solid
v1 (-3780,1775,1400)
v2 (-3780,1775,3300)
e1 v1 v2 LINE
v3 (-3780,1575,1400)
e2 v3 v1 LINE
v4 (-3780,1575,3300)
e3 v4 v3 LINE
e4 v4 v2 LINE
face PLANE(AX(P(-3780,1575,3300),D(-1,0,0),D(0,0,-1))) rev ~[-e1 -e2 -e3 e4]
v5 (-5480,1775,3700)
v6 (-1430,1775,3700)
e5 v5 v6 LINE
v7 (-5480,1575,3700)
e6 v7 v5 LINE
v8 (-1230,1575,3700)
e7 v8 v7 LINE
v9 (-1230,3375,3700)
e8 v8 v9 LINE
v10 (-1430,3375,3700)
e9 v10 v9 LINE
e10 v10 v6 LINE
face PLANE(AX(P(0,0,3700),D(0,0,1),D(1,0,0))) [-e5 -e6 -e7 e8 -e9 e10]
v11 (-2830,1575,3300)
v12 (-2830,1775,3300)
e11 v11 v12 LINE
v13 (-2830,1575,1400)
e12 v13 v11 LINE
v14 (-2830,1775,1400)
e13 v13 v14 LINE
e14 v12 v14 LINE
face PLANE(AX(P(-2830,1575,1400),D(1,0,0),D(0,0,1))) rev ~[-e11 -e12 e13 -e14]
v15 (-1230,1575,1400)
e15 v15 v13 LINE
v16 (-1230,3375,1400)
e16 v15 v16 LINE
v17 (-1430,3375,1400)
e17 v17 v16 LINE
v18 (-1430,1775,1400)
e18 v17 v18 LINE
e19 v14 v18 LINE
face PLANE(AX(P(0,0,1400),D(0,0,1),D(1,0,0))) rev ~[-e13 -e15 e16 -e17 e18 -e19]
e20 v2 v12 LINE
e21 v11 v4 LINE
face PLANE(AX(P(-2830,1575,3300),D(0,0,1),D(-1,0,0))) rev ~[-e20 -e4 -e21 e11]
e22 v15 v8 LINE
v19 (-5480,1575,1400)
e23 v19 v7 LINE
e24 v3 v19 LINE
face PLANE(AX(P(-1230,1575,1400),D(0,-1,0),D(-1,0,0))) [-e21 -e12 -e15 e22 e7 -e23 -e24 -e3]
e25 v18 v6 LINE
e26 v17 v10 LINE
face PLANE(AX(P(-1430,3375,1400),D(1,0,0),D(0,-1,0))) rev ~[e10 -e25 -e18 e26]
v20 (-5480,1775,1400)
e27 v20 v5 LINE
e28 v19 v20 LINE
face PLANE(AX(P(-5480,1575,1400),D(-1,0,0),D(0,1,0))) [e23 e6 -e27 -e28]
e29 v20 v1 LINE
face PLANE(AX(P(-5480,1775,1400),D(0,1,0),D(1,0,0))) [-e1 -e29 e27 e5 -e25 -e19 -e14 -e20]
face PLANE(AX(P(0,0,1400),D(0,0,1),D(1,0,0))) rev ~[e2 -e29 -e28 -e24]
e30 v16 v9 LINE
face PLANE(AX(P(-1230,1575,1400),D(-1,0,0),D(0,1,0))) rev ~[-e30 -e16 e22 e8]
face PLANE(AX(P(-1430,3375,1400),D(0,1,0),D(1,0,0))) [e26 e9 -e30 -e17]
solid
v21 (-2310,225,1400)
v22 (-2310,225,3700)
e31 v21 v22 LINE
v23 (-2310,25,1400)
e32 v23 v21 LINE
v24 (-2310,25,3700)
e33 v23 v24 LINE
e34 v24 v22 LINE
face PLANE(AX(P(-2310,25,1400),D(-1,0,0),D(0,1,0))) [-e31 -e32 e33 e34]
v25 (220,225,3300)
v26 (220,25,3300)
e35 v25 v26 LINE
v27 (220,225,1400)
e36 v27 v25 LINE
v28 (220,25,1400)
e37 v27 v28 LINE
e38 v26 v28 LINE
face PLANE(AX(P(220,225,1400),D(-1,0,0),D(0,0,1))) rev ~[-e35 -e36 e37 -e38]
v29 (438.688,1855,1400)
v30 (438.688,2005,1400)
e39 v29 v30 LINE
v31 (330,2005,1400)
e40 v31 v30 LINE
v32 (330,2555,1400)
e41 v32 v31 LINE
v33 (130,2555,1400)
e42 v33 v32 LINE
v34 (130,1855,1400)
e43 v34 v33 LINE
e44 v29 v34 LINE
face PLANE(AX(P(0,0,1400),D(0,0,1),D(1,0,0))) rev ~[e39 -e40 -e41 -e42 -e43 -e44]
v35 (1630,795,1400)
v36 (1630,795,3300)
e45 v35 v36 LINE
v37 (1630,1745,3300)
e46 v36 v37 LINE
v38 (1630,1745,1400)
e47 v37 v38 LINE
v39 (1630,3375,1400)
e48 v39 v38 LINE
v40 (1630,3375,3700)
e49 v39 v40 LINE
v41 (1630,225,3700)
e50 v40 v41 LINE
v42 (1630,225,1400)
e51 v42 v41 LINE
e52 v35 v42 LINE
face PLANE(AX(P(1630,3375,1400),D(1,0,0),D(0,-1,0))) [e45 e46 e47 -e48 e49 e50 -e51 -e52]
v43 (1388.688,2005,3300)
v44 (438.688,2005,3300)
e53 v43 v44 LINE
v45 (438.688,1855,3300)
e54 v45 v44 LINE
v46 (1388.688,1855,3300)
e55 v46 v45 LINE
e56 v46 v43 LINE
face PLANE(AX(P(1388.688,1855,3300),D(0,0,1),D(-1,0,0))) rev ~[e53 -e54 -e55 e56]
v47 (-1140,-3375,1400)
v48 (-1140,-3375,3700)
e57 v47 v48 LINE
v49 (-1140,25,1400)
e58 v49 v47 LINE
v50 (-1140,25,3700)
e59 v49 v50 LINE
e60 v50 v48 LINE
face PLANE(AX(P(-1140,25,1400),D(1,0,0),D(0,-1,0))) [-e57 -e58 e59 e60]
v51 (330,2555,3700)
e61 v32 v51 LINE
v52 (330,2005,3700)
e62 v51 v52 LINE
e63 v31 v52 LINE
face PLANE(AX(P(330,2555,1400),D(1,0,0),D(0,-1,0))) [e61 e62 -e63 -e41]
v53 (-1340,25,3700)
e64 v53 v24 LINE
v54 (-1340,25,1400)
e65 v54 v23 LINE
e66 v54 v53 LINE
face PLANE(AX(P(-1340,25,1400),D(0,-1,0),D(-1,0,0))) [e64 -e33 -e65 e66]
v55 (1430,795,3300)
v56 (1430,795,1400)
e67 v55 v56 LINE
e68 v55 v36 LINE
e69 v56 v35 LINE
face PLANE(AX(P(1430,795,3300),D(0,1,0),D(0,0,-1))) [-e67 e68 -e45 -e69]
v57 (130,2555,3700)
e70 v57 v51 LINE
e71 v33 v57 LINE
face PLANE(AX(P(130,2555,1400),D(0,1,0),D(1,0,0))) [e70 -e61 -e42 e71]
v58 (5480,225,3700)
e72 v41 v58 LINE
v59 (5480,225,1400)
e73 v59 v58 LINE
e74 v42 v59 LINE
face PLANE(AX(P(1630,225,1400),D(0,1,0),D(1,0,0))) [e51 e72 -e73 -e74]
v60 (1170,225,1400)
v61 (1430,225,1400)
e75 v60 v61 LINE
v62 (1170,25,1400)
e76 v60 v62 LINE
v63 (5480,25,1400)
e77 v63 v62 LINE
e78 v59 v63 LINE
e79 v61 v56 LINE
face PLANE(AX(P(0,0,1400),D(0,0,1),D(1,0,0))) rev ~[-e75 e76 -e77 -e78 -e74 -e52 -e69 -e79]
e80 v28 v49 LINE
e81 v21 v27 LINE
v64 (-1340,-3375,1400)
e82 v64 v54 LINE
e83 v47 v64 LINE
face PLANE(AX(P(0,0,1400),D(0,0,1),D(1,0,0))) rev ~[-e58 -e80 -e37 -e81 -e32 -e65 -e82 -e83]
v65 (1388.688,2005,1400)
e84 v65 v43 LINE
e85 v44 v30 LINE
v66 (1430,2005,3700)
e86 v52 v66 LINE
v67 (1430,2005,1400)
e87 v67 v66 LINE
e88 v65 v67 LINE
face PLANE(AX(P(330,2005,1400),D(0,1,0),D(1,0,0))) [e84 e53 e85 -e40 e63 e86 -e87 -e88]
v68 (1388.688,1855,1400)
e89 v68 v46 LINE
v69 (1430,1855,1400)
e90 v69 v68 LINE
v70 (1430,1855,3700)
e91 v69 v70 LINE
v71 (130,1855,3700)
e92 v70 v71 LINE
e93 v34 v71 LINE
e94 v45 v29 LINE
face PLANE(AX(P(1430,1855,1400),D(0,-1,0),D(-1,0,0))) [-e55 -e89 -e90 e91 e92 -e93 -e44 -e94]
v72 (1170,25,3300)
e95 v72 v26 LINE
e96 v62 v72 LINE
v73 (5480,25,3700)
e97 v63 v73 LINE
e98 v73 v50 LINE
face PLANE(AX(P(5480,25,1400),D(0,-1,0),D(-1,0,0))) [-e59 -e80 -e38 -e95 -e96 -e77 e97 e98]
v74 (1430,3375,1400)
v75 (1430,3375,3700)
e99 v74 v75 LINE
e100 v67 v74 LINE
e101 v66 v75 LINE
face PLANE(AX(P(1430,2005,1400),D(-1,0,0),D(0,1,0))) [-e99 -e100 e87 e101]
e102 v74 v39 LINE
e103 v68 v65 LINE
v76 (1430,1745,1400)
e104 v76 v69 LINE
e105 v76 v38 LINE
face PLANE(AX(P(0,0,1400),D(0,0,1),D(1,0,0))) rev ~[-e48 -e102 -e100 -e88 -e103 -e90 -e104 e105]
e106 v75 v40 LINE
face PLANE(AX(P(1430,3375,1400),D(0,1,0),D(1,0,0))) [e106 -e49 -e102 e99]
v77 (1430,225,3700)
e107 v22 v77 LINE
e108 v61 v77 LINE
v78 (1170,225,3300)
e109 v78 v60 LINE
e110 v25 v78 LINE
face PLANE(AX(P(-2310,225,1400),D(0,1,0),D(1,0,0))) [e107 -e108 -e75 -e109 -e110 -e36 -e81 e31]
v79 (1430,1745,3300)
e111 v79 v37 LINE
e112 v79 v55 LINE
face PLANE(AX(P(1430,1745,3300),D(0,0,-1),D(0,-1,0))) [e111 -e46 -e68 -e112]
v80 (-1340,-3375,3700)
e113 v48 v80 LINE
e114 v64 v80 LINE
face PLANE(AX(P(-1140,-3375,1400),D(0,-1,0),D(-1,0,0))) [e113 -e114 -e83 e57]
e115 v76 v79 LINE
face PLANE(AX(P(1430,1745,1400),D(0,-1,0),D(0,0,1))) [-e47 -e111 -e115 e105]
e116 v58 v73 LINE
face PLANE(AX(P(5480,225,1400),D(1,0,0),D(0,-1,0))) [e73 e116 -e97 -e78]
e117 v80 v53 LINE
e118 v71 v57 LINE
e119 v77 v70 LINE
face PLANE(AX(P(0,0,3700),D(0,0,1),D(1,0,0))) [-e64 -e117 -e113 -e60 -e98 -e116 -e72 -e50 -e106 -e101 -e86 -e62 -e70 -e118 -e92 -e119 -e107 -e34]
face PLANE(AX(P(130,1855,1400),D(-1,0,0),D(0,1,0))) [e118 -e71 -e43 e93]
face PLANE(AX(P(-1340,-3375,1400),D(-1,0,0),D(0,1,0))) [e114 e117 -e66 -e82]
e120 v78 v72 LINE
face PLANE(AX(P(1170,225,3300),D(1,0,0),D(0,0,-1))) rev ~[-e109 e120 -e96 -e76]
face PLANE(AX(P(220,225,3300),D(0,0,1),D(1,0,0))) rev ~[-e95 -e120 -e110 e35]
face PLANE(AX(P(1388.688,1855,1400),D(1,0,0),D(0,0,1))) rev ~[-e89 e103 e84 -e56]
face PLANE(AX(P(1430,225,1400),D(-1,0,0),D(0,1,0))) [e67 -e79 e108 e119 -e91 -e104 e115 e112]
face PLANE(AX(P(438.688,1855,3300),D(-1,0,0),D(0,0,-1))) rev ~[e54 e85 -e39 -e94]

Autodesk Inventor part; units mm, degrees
ref_plane "YZ Plane" through (0, 0, 0) normal (1, 0, 0) x (0, 1, 0)
ref_plane "XZ Plane" through (0, 0, 0) normal (0, 1, 0) x (-1, 0, 0)
ref_plane "Arbeitsebene1" through (0, 0, 1400) normal (0, 0, 1) x (1, 0, 0)
sketch "Skizze1" plane through (0, 0, 1400) normal (0, 0, 1) x (1, 0, 0)
  line L0 (5480, 3375) -> (5480, -3375) projected
  line L1 (5480, -3375) -> (-4000, -3375) projected
  line L2 (-4000, -3375) -> (-4000, -2075) projected
  line L3 (-4000, -2075) -> (-5480, -2075) projected
  line L4 (-5480, -2075) -> (-5480, 3375) projected
  line L5 (-5480, 3375) -> (5480, 3375) projected
  line L6 (-5480, -3575) -> (-5480, -2275) projected
  line L7 (-5480, -2275) -> (-4200, -2275) projected
  line L8 (-4200, -2275) -> (-4200, -3575) projected
  line L9 (-4200, -3575) -> (5680, -3575) projected
  line L10 (5680, -3575) -> (5680, 3575) projected
  line L11 (5680, 3575) -> (-5680, 3575) projected
  line L12 (-5680, 3575) -> (-5680, -3575) projected
  line L13 (-5680, -3575) -> (-5480, -3575) projected
  line L14 (-1140, -3375) -> (-1340, -3375)
  line L15 (-1340, -3375) -> (-1340, 25)
  line L16 (-1140, 25) -> (-1140, -3375)
  line L17 (-2310, 25) -> (-2310, 225)
  line L18 (5480, 225) -> (5480, 25)
  line L19 (-5480, 1775) -> (-1430, 1775)
  line L20 (-1230, 1575) -> (-5480, 1575)
  line L21 (-5480, 1575) -> (-5480, 1775)
  line L22 (-1230, 1575) -> (-1230, 3375)
  line L23 (-1430, 3375) -> (-1430, 1775)
  line L24 (1430, 3375) -> (1630, 3375)
  line L25 (1630, 3375) -> (1630, 225)
  line L26 (1430, 225) -> (1430, 3375)
  line L27 (5480, 25) -> (-1140, 25)
  line L28 (-1340, 25) -> (-2310, 25)
  line L29 (-2310, 225) -> (1430, 225)
  line L30 (1630, 225) -> (5480, 225)
  line L31 (-1430, 3375) -> (-1230, 3375)
  line L32 (1430, 1855) -> (130, 1855)
  line L33 (130, 1855) -> (130, 2555)
  line L34 (130, 2555) -> (330, 2555)
  line L35 (330, 2555) -> (330, 2005)
  line L36 (330, 2005) -> (1430, 2005)
  dimension "d0" = 6620
  dimension "d1" = 200
  dimension "d3" = 970
  dimension "d5" = 3850
  dimension "d6" = 3400
  dimension "d7" = 200
  dimension "d8" = 200
  dimension "d9" = 1600
  dimension "d10" = 200
  dimension "d11" = 200
  dimension "d12" = 4050
  dimension "d35" = 1630
  dimension "d36" = 200
  dimension "d37" = 150
  dimension "d38" = 700
  dimension "d40" = 1300
ref_plane "Arbeitsebene2" through (-5680, -3575, 3700) normal (0, 0, 1) x (1, 0, 0)
extrude "Extrusion1" add sketch "Skizze1" along normal up to surface (2300 mm away) contours L0 L27 L16 L1 L15 L28 L17 L29 L26 L5 L25 L30 | L22 L20 L4 L19 L23 L5 | L26 L32 L33 L34 L35 L36
sketch "Skizze2" plane through (-5480, 1575, 1400) normal (0, -1, 0) x (1, 0, 0)
  line L0 (4250, 2300) -> (0, 2300) projected
  line L1 (0, 0) -> (0, 2300) projected
  line L2 (0, 0) -> (4250, 0) projected
  line L3 (4250, 0) -> (4250, 2300) projected
  line L4 (4050, 0) -> (0, 0) projected
  line L5 (1700, 0) -> (2650, 0)
  line L6 (2650, 0) -> (2650, 1900)
  line L7 (2650, 1900) -> (1700, 1900)
  line L8 (1700, 1900) -> (1700, 0)
  dimension "d15" = 950
  dimension "d16" = 1600
  dimension "d17" = 1900
extrude "Extrusion2" cut sketch "Skizze2" against normal blind 879.25 contours L8 L7 L6 L2
sketch "Skizze3" plane through (1430, 225, 1400) normal (-1, 0, 0) x (0, 0, 1)
  line L0 (2300, 1780) -> (2300, 3150) projected
  line L1 (0, 3150) -> (2300, 3150) projected
  line L2 (0, 3150) -> (0, 1780) projected
  line L3 (0, 0) -> (2300, 0) projected
  line L4 (0, 1520) -> (1900, 1520)
  line L5 (1900, 1520) -> (1900, 570)
  line L6 (1900, 570) -> (0, 570)
  line L7 (0, 570) -> (0, 1520)
  line L8 (0, 1780) -> (2300, 1780) projected
  line L9 (0, 1630) -> (2300, 1630) projected
  line L10 (0, 1630) -> (0, 0) projected
  line L11 (2300, 0) -> (2300, 1630) projected
  dimension "d20" = 1900
  dimension "d21" = 950
  dimension "d41" = 570
extrude "Extrusion3" cut sketch "Skizze3" against normal blind 879.25 contours L7 L4 L5 L6
sketch "Skizze4" plane through (-2310, 225, 1400) normal (0, 1, 0) x (1, 0, 0)
  line L0 (0, -2300) -> (3740, -2300) projected
  line L1 (3740, 0) -> (3740, -2300) projected
  line L2 (3740, 0) -> (0, 0) projected
  line L3 (0, 0) -> (0, -2300) projected
  line L4 (3740, 0) -> (0, 0) projected
  line L5 (3480, 0) -> (2530, 0)
  line L6 (2530, 0) -> (2530, -1900)
  line L7 (2530, -1900) -> (3480, -1900)
  line L8 (3480, -1900) -> (3480, 0)
  line L9 (1170, 0) -> (1170, -2300) projected
  line L10 (1170, 0) -> (1170, -2300) projected
  dimension "d25" = 1900
  dimension "d26" = 950
  dimension "d30" = 1360
extrude "Extrusion4" cut sketch "Skizze4" against normal blind 879.25 contours L2 L8 L7 L6
sketch "Skizze5" plane through (130, 1855, 3700) normal (0, -1, 0) x (1, 0, 0)
  line L0 (1300, 0) -> (0, 0) projected
  line L1 (0, -2300) -> (0, 0) projected
  line L2 (0, -2300) -> (1300, -2300) projected
  line L3 (1300, -2300) -> (1300, 0) projected
  line L4 (0, -2300) -> (1300, -2300) projected
  line L5 (308.688, -2300) -> (1258.688, -2300)
  line L6 (1258.688, -2300) -> (1258.688, -400)
  line L7 (1258.688, -400) -> (308.688, -400)
  line L8 (308.688, -400) -> (308.688, -2300)
  dimension "d31" = 950
  dimension "d32" = 1900
extrude "Extrusion5" cut sketch "Skizze5" against normal up to surface (150 mm away) contours L2 L8 L7 L6
properties part number "Wände_unten"
